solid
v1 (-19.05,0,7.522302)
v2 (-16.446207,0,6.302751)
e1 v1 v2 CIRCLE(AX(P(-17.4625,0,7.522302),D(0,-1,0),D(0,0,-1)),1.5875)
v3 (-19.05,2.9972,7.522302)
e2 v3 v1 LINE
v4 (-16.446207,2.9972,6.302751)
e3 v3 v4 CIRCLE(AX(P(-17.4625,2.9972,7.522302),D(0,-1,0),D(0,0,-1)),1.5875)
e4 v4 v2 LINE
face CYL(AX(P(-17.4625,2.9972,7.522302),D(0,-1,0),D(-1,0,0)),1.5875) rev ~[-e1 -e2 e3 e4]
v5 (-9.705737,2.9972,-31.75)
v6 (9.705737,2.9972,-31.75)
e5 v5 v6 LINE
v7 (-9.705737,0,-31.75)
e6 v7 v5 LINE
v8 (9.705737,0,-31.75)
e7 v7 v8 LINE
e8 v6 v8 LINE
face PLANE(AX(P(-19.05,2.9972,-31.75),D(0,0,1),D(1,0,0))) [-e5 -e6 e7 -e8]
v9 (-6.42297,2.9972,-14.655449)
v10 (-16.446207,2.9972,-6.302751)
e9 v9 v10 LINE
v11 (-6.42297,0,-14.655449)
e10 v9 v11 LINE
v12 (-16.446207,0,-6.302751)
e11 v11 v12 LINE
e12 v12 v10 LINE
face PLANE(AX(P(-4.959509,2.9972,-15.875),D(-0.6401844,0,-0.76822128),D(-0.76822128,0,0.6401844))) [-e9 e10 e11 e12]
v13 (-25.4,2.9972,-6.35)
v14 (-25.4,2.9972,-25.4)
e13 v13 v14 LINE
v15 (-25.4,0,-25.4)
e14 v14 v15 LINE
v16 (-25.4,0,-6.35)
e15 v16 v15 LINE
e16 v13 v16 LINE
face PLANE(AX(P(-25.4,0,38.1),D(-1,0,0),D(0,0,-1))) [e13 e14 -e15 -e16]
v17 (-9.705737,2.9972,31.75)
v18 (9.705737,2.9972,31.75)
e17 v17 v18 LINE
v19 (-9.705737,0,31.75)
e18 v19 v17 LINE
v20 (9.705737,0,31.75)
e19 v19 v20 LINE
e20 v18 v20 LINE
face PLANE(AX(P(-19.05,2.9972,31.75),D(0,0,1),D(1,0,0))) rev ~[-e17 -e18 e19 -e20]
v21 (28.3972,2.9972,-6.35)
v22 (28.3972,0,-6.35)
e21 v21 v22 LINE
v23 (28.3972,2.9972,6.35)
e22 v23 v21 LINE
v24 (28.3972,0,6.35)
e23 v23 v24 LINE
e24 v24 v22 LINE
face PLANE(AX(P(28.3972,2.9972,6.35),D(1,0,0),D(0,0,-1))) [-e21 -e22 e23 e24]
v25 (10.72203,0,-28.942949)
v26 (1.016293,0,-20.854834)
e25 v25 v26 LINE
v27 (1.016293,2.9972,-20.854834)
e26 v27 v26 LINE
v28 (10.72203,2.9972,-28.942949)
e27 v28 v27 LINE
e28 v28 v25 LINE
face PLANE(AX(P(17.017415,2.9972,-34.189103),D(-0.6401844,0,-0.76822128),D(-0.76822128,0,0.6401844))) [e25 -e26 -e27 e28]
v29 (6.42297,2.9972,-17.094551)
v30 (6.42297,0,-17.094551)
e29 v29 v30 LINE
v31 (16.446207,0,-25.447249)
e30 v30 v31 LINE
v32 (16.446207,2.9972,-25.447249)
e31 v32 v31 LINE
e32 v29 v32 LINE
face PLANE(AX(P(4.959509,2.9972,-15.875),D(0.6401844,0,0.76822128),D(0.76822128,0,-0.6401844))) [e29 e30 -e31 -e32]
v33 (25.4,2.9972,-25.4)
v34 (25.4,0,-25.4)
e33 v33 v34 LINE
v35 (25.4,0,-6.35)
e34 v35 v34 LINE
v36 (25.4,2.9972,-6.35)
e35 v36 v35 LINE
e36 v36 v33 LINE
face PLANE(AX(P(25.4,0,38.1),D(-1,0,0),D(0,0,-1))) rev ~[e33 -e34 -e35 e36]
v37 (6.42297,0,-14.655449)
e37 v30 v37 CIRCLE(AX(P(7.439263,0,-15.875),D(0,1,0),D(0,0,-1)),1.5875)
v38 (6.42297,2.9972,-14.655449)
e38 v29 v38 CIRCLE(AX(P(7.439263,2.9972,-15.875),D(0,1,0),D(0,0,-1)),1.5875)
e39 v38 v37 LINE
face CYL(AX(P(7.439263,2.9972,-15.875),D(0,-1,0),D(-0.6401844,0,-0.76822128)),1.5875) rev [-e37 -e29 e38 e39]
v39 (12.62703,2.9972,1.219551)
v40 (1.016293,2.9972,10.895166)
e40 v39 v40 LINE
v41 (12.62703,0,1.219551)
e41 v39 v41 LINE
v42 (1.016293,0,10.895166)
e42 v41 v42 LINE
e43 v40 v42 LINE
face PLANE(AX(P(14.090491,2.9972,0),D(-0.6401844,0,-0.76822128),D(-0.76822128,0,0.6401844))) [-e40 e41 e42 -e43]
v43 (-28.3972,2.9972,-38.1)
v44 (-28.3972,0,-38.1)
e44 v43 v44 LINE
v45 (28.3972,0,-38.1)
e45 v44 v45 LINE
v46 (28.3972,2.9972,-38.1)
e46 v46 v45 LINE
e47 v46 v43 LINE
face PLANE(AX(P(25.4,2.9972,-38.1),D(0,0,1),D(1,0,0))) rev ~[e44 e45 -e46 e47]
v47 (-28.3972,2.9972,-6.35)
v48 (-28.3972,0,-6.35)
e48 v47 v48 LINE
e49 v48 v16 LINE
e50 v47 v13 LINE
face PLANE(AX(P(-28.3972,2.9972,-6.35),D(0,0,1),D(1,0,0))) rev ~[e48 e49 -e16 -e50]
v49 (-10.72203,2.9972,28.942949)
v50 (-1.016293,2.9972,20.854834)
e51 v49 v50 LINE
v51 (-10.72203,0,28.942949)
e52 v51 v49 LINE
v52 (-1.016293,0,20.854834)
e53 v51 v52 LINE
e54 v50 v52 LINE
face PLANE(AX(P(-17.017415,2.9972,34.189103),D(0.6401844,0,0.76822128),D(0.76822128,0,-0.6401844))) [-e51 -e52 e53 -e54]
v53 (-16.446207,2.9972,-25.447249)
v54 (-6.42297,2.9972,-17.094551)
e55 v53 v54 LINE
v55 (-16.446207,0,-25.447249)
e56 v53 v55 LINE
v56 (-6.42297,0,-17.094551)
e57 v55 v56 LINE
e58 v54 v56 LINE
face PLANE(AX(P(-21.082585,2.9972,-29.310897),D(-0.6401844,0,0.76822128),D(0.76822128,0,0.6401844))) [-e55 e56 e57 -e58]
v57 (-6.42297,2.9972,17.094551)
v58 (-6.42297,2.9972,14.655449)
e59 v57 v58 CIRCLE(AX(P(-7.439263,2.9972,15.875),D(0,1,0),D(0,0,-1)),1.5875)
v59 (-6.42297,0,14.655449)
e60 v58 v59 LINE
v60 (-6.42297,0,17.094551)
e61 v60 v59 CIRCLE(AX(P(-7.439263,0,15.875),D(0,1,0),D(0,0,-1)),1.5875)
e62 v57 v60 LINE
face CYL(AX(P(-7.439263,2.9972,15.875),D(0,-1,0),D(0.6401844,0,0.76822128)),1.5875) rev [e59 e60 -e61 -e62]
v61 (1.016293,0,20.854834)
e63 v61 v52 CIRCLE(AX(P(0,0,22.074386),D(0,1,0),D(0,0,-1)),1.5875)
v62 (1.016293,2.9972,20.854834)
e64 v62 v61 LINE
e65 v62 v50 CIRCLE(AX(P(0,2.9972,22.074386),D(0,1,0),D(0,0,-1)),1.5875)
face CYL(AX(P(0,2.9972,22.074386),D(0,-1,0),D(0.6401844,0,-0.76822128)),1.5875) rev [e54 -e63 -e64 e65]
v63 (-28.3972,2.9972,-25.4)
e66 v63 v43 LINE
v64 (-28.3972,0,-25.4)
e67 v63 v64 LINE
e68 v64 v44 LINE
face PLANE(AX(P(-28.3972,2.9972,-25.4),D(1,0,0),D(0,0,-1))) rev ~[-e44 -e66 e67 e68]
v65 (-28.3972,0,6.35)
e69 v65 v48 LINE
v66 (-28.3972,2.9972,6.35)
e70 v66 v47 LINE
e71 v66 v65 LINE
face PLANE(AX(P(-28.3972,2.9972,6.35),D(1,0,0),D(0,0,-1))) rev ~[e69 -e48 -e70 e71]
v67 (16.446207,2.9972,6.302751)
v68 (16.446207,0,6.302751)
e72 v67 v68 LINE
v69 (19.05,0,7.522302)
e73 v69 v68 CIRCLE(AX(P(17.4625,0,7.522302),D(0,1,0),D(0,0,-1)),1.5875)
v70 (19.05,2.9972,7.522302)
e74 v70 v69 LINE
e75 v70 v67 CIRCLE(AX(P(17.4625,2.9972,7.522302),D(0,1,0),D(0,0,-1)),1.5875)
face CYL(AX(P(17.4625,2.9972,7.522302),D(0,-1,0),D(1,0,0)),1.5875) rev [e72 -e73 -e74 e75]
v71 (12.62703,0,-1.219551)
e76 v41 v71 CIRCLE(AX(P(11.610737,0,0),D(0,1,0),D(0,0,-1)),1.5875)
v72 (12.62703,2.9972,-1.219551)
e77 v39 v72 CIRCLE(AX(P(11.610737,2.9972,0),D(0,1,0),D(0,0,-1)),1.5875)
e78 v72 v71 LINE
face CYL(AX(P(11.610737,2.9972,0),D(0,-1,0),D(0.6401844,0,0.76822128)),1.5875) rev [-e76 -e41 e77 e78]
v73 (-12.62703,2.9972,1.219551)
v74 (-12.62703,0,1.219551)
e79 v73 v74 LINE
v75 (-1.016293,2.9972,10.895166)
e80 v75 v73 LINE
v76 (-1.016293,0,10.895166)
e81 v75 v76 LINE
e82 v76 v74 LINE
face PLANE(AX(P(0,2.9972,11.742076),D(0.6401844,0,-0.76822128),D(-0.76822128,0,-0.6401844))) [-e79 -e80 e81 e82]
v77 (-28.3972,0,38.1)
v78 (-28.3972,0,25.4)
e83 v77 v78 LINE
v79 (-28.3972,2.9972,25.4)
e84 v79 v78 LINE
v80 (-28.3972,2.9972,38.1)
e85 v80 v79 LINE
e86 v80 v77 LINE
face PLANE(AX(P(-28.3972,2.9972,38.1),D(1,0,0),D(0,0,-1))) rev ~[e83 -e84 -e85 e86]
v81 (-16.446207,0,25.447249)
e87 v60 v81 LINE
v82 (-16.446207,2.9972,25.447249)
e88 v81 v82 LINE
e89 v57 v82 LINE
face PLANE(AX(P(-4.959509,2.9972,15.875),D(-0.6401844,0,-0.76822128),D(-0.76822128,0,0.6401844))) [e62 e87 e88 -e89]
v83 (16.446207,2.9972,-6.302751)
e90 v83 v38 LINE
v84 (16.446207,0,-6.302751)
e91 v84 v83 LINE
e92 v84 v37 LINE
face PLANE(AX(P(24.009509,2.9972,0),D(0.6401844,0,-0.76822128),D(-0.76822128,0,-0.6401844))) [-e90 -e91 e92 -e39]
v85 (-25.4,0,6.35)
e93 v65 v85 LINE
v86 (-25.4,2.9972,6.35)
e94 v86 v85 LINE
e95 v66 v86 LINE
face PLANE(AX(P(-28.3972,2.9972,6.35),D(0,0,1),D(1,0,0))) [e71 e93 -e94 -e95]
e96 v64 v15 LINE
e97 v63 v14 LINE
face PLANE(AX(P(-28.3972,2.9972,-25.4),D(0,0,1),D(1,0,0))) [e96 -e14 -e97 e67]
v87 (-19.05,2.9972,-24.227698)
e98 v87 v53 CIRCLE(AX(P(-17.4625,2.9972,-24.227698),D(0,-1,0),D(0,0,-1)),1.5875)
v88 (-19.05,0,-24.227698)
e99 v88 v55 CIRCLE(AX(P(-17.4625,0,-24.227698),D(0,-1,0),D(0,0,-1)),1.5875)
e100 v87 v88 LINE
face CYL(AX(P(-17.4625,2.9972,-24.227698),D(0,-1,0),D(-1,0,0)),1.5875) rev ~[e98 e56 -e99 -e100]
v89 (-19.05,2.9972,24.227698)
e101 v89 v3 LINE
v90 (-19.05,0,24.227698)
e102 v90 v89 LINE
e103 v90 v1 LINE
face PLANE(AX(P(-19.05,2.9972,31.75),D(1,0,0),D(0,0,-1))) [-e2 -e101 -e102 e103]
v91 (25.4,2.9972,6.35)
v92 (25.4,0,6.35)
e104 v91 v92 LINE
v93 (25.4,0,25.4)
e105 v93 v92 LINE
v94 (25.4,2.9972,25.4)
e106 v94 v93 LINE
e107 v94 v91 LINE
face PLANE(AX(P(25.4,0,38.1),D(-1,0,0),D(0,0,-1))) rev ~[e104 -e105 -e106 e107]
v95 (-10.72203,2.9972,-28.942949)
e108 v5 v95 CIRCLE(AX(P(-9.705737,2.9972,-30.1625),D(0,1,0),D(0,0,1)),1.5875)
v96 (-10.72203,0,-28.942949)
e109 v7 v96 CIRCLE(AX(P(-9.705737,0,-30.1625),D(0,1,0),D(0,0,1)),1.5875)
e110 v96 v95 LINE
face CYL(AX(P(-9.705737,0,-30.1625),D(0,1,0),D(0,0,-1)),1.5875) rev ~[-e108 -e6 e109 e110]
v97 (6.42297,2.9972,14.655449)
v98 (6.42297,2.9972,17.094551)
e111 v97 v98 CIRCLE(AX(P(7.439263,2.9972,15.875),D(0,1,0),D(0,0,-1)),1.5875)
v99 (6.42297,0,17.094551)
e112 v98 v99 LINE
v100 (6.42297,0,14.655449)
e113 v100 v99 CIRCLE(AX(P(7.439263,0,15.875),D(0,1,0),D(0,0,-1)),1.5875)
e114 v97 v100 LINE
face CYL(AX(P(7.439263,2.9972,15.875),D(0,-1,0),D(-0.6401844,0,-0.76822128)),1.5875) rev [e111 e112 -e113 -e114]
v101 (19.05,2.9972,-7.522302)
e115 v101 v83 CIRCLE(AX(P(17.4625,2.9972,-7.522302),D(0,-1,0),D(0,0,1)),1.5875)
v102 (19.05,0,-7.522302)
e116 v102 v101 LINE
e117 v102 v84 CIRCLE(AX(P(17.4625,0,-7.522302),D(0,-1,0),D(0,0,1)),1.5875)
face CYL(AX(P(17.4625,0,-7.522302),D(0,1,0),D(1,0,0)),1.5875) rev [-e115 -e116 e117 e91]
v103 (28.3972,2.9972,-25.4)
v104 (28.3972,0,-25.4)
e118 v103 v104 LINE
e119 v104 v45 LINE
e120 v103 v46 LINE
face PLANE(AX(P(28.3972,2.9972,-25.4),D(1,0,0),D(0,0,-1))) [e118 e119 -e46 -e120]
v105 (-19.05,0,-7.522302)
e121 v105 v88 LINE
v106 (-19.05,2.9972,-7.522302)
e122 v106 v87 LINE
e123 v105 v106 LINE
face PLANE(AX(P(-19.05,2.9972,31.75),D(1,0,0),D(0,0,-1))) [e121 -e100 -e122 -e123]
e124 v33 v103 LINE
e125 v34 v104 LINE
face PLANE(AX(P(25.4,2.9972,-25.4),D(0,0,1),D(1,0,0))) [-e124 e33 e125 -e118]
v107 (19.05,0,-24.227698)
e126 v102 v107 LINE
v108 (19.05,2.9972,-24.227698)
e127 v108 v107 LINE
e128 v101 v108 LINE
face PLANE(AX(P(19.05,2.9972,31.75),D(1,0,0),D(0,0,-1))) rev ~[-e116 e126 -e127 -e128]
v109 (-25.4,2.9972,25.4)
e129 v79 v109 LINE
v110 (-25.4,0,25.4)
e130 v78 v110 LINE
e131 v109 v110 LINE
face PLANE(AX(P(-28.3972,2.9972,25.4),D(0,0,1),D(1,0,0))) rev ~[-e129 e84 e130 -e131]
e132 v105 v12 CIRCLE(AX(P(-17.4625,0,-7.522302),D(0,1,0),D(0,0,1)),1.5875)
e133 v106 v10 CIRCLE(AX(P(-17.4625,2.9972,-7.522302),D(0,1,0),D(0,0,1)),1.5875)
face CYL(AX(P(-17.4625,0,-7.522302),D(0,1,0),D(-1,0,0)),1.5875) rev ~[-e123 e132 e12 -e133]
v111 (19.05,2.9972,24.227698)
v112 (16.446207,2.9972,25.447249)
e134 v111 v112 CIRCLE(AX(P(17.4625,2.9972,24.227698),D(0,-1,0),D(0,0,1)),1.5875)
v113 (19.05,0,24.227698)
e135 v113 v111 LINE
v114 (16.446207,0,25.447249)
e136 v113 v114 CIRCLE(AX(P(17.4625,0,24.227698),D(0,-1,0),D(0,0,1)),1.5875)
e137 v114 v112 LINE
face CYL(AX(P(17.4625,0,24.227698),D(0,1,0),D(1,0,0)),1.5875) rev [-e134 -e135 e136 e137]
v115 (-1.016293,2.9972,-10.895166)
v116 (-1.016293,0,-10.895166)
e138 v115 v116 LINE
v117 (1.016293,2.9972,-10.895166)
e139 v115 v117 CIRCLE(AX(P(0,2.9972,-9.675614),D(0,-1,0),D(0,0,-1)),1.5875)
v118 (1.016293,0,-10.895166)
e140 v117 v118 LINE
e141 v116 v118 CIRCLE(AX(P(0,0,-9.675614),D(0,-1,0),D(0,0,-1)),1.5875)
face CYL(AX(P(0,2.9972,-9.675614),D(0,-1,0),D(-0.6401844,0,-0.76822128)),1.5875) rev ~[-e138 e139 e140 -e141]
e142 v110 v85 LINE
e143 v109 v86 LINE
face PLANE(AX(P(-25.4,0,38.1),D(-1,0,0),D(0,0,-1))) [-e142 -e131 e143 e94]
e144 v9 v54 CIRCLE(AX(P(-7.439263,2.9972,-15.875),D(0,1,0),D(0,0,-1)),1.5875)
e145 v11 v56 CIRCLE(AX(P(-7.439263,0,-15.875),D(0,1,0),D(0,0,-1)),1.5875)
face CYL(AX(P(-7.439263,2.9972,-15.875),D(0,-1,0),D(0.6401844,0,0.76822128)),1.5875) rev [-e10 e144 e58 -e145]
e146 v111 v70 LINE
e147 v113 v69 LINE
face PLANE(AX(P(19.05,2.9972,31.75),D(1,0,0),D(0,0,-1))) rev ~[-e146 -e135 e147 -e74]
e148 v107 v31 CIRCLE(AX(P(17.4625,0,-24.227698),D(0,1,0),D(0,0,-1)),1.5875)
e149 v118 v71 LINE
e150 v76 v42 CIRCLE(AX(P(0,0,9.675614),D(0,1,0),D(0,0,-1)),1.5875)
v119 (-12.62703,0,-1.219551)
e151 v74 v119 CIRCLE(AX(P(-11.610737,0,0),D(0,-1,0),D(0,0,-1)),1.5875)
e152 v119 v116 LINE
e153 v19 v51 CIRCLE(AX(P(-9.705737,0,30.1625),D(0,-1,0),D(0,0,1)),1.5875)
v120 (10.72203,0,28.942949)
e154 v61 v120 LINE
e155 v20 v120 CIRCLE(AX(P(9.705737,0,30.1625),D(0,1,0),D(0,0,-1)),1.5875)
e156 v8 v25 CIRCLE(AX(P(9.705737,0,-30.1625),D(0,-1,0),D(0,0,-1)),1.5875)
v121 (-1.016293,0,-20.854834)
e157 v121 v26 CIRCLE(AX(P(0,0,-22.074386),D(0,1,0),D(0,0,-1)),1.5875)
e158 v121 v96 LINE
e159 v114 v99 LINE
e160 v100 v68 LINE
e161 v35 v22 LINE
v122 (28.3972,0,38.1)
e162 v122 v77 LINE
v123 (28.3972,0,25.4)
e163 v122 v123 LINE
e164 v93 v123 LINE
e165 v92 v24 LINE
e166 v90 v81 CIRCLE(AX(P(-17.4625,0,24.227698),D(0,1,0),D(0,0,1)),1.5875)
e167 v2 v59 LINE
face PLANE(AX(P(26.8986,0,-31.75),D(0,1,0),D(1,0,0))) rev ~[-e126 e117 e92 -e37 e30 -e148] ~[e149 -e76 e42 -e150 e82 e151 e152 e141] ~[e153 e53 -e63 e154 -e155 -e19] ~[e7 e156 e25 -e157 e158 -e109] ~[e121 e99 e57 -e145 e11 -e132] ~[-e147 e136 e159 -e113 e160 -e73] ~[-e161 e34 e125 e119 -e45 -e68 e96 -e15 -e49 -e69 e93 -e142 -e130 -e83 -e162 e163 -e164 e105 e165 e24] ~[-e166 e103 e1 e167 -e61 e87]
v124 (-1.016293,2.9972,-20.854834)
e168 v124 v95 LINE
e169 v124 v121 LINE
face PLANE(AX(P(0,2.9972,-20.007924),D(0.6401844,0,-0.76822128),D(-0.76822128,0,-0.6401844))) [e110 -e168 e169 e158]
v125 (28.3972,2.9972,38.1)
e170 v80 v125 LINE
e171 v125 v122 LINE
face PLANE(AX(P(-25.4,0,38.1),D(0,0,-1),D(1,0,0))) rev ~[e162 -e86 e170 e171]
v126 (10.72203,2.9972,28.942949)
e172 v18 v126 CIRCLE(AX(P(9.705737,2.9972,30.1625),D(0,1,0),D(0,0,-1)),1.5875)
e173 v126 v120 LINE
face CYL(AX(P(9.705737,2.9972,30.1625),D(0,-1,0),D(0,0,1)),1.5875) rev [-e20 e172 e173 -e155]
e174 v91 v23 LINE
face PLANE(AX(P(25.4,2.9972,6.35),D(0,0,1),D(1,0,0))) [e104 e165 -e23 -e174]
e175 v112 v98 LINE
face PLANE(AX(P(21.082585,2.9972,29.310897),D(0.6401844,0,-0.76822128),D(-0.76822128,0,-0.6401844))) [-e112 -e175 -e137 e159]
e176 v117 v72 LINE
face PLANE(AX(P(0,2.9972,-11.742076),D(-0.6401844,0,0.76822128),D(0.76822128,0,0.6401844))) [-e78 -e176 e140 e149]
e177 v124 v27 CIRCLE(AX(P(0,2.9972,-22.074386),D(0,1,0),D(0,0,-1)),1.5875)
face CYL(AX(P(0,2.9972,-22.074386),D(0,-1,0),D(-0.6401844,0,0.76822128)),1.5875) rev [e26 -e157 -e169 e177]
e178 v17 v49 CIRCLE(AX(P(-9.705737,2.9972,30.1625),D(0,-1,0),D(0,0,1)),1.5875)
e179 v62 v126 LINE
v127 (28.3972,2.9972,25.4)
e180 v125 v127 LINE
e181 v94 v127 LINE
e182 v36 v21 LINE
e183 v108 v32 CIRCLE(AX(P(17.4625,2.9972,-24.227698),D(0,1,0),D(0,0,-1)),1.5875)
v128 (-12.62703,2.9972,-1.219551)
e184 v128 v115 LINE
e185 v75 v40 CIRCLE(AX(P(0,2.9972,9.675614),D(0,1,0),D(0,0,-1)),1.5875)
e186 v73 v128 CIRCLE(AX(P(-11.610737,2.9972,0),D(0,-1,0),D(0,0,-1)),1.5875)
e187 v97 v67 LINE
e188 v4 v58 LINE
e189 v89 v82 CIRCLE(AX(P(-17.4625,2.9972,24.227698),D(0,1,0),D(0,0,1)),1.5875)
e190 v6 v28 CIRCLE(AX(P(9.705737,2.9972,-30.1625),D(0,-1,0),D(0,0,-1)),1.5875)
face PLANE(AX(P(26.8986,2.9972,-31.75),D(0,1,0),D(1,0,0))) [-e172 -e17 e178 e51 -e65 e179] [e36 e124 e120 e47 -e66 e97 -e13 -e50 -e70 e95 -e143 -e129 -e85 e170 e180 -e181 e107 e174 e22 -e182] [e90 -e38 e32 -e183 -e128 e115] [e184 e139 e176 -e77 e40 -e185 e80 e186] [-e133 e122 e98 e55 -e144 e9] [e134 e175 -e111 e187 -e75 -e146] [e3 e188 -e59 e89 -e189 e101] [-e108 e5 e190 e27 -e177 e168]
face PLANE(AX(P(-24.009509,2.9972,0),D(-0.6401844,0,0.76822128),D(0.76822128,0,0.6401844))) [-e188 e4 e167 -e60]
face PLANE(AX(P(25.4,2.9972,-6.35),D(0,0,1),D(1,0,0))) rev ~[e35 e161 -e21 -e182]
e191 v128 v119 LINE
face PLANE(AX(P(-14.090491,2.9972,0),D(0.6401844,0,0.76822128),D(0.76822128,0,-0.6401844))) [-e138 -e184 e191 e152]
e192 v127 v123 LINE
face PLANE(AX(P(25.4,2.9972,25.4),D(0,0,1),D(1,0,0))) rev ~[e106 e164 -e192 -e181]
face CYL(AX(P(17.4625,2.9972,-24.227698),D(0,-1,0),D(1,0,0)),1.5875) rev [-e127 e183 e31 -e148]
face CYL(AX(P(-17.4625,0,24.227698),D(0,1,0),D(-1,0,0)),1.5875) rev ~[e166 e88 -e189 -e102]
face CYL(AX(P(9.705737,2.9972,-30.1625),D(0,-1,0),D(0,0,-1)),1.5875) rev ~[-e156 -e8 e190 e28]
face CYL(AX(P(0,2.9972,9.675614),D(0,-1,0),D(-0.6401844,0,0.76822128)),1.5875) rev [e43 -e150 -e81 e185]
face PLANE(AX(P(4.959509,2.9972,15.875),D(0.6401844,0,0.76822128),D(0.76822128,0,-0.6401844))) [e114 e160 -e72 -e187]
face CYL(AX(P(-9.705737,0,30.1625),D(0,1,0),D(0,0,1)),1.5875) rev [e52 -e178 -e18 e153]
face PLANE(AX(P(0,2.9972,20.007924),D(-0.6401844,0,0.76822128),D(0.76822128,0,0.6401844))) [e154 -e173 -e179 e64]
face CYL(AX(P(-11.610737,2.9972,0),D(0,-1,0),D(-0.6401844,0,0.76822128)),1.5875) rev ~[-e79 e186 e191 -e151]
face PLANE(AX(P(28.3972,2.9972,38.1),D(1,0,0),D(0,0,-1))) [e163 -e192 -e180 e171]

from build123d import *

# Parameters (mm, degrees)
SKETCH1_W           = 50.8
SKETCH1_H           = 76.2
BOSS_EXTRUDE1_DEPTH = 2.9972
SKETCH2_W           = 2.9972
SKETCH2_H           = 12.7
BOSS_EXTRUDE2_DEPTH = 2.9972
SKETCH3_W           = 38.1
SKETCH3_H           = 63.5
CUT_EXTRUDE1_DEPTH  = 48.612962265
EXTRUDE_THIN1_DEPTH = 2.9972
FILLET1_R           = 1.5875


with BuildPart() as part:
    # Sketch1 → Boss-Extrude1 (new body)
    with BuildSketch(Plane(origin=(0, 0, 0), x_dir=(1, 0, 0), z_dir=(0, 1, 0))):
        Rectangle(SKETCH1_W, SKETCH1_H)
    extrude(amount=BOSS_EXTRUDE1_DEPTH)

    # Sketch2 → Boss-Extrude2 (add)
    with BuildSketch(Plane(origin=(0, 2.9972, 0), x_dir=(1, 0, 0), z_dir=(0, 1, 0))):
        with Locations((26.8986, 0)):
            Rectangle(SKETCH2_W, SKETCH2_H)
        with Locations((26.8986, 31.75)):
            Rectangle(SKETCH2_W, SKETCH2_H)
        with Locations((26.8986, -31.75)):
            Rectangle(SKETCH2_W, SKETCH2_H)
        with Locations((-26.8986, 0)):
            Rectangle(SKETCH2_W, SKETCH2_H)
        with Locations((-26.8986, -31.75)):
            Rectangle(SKETCH2_W, SKETCH2_H)
        with Locations((-26.8986, 31.75)):
            Rectangle(SKETCH2_W, SKETCH2_H)
    extrude(amount=-BOSS_EXTRUDE2_DEPTH)

    # Sketch3 → Cut-Extrude1 (cut, through all)
    with BuildSketch(Plane(origin=(0, 2.9972, 0), x_dir=(1, 0, 0), z_dir=(0, 1, 0))):
        Rectangle(SKETCH3_W, SKETCH3_H)
    extrude(amount=-CUT_EXTRUDE1_DEPTH, mode=Mode.SUBTRACT)

    # Sketch4 → Extrude-Thin1 (add)
    with BuildSketch(Plane(origin=(0, 2.9972, 0), x_dir=(1, 0, 0), z_dir=(0, 1, 0))):
        Polygon((-21.082585469, 29.310897437), (14.090491456, 0), (-21.082585469, -29.310897437), (-17.017414531, -34.189102563), (24.009508544, 0), (-17.017414531, 34.189102563), align=None)
        Polygon((21.082585469, -29.310897437), (-14.090491456, 0), (21.082585469, 29.310897437), (17.017414531, 34.189102563), (-24.009508544, 0), (17.017414531, -34.189102563), align=None)
    extrude(amount=-EXTRUDE_THIN1_DEPTH)

    # Fillet1
    fillet1_edges = [part.edges().sort_by_distance(p)[0] for p in [
        (14.090491456, 1.4986, 31.75),
        (-14.090491456, 1.4986, 31.75),
        (19.05, 1.4986, -27.617076213),
        (19.05, 1.4986, 27.617076213),
        (19.05, 1.4986, 4.132923787),
        (19.05, 1.4986, -4.132923787),
        (14.090491456, 1.4986, -31.75),
        (-14.090491456, 1.4986, -31.75),
        (-19.05, 1.4986, -4.132923787),
        (-19.05, 1.4986, 4.132923787),
        (-19.05, 1.4986, -27.617076213),
        (-19.05, 1.4986, 27.617076213),
        (-4.959508544, 1.4986, 15.875),
        (-4.959508544, 1.4986, -15.875),
        (0, 1.4986, -20.007923787),
        (4.959508544, 1.4986, -15.875),
        (4.959508544, 1.4986, 15.875),
        (0, 1.4986, 20.007923787),
        (14.090491456, 1.4986, 0),
        (0, 1.4986, -11.742076213),
        (0, 1.4986, 11.742076213),
        (-14.090491456, 1.4986, 0),
    ]]
    fillet(fillet1_edges, radius=FILLET1_R)


solid = part.part
